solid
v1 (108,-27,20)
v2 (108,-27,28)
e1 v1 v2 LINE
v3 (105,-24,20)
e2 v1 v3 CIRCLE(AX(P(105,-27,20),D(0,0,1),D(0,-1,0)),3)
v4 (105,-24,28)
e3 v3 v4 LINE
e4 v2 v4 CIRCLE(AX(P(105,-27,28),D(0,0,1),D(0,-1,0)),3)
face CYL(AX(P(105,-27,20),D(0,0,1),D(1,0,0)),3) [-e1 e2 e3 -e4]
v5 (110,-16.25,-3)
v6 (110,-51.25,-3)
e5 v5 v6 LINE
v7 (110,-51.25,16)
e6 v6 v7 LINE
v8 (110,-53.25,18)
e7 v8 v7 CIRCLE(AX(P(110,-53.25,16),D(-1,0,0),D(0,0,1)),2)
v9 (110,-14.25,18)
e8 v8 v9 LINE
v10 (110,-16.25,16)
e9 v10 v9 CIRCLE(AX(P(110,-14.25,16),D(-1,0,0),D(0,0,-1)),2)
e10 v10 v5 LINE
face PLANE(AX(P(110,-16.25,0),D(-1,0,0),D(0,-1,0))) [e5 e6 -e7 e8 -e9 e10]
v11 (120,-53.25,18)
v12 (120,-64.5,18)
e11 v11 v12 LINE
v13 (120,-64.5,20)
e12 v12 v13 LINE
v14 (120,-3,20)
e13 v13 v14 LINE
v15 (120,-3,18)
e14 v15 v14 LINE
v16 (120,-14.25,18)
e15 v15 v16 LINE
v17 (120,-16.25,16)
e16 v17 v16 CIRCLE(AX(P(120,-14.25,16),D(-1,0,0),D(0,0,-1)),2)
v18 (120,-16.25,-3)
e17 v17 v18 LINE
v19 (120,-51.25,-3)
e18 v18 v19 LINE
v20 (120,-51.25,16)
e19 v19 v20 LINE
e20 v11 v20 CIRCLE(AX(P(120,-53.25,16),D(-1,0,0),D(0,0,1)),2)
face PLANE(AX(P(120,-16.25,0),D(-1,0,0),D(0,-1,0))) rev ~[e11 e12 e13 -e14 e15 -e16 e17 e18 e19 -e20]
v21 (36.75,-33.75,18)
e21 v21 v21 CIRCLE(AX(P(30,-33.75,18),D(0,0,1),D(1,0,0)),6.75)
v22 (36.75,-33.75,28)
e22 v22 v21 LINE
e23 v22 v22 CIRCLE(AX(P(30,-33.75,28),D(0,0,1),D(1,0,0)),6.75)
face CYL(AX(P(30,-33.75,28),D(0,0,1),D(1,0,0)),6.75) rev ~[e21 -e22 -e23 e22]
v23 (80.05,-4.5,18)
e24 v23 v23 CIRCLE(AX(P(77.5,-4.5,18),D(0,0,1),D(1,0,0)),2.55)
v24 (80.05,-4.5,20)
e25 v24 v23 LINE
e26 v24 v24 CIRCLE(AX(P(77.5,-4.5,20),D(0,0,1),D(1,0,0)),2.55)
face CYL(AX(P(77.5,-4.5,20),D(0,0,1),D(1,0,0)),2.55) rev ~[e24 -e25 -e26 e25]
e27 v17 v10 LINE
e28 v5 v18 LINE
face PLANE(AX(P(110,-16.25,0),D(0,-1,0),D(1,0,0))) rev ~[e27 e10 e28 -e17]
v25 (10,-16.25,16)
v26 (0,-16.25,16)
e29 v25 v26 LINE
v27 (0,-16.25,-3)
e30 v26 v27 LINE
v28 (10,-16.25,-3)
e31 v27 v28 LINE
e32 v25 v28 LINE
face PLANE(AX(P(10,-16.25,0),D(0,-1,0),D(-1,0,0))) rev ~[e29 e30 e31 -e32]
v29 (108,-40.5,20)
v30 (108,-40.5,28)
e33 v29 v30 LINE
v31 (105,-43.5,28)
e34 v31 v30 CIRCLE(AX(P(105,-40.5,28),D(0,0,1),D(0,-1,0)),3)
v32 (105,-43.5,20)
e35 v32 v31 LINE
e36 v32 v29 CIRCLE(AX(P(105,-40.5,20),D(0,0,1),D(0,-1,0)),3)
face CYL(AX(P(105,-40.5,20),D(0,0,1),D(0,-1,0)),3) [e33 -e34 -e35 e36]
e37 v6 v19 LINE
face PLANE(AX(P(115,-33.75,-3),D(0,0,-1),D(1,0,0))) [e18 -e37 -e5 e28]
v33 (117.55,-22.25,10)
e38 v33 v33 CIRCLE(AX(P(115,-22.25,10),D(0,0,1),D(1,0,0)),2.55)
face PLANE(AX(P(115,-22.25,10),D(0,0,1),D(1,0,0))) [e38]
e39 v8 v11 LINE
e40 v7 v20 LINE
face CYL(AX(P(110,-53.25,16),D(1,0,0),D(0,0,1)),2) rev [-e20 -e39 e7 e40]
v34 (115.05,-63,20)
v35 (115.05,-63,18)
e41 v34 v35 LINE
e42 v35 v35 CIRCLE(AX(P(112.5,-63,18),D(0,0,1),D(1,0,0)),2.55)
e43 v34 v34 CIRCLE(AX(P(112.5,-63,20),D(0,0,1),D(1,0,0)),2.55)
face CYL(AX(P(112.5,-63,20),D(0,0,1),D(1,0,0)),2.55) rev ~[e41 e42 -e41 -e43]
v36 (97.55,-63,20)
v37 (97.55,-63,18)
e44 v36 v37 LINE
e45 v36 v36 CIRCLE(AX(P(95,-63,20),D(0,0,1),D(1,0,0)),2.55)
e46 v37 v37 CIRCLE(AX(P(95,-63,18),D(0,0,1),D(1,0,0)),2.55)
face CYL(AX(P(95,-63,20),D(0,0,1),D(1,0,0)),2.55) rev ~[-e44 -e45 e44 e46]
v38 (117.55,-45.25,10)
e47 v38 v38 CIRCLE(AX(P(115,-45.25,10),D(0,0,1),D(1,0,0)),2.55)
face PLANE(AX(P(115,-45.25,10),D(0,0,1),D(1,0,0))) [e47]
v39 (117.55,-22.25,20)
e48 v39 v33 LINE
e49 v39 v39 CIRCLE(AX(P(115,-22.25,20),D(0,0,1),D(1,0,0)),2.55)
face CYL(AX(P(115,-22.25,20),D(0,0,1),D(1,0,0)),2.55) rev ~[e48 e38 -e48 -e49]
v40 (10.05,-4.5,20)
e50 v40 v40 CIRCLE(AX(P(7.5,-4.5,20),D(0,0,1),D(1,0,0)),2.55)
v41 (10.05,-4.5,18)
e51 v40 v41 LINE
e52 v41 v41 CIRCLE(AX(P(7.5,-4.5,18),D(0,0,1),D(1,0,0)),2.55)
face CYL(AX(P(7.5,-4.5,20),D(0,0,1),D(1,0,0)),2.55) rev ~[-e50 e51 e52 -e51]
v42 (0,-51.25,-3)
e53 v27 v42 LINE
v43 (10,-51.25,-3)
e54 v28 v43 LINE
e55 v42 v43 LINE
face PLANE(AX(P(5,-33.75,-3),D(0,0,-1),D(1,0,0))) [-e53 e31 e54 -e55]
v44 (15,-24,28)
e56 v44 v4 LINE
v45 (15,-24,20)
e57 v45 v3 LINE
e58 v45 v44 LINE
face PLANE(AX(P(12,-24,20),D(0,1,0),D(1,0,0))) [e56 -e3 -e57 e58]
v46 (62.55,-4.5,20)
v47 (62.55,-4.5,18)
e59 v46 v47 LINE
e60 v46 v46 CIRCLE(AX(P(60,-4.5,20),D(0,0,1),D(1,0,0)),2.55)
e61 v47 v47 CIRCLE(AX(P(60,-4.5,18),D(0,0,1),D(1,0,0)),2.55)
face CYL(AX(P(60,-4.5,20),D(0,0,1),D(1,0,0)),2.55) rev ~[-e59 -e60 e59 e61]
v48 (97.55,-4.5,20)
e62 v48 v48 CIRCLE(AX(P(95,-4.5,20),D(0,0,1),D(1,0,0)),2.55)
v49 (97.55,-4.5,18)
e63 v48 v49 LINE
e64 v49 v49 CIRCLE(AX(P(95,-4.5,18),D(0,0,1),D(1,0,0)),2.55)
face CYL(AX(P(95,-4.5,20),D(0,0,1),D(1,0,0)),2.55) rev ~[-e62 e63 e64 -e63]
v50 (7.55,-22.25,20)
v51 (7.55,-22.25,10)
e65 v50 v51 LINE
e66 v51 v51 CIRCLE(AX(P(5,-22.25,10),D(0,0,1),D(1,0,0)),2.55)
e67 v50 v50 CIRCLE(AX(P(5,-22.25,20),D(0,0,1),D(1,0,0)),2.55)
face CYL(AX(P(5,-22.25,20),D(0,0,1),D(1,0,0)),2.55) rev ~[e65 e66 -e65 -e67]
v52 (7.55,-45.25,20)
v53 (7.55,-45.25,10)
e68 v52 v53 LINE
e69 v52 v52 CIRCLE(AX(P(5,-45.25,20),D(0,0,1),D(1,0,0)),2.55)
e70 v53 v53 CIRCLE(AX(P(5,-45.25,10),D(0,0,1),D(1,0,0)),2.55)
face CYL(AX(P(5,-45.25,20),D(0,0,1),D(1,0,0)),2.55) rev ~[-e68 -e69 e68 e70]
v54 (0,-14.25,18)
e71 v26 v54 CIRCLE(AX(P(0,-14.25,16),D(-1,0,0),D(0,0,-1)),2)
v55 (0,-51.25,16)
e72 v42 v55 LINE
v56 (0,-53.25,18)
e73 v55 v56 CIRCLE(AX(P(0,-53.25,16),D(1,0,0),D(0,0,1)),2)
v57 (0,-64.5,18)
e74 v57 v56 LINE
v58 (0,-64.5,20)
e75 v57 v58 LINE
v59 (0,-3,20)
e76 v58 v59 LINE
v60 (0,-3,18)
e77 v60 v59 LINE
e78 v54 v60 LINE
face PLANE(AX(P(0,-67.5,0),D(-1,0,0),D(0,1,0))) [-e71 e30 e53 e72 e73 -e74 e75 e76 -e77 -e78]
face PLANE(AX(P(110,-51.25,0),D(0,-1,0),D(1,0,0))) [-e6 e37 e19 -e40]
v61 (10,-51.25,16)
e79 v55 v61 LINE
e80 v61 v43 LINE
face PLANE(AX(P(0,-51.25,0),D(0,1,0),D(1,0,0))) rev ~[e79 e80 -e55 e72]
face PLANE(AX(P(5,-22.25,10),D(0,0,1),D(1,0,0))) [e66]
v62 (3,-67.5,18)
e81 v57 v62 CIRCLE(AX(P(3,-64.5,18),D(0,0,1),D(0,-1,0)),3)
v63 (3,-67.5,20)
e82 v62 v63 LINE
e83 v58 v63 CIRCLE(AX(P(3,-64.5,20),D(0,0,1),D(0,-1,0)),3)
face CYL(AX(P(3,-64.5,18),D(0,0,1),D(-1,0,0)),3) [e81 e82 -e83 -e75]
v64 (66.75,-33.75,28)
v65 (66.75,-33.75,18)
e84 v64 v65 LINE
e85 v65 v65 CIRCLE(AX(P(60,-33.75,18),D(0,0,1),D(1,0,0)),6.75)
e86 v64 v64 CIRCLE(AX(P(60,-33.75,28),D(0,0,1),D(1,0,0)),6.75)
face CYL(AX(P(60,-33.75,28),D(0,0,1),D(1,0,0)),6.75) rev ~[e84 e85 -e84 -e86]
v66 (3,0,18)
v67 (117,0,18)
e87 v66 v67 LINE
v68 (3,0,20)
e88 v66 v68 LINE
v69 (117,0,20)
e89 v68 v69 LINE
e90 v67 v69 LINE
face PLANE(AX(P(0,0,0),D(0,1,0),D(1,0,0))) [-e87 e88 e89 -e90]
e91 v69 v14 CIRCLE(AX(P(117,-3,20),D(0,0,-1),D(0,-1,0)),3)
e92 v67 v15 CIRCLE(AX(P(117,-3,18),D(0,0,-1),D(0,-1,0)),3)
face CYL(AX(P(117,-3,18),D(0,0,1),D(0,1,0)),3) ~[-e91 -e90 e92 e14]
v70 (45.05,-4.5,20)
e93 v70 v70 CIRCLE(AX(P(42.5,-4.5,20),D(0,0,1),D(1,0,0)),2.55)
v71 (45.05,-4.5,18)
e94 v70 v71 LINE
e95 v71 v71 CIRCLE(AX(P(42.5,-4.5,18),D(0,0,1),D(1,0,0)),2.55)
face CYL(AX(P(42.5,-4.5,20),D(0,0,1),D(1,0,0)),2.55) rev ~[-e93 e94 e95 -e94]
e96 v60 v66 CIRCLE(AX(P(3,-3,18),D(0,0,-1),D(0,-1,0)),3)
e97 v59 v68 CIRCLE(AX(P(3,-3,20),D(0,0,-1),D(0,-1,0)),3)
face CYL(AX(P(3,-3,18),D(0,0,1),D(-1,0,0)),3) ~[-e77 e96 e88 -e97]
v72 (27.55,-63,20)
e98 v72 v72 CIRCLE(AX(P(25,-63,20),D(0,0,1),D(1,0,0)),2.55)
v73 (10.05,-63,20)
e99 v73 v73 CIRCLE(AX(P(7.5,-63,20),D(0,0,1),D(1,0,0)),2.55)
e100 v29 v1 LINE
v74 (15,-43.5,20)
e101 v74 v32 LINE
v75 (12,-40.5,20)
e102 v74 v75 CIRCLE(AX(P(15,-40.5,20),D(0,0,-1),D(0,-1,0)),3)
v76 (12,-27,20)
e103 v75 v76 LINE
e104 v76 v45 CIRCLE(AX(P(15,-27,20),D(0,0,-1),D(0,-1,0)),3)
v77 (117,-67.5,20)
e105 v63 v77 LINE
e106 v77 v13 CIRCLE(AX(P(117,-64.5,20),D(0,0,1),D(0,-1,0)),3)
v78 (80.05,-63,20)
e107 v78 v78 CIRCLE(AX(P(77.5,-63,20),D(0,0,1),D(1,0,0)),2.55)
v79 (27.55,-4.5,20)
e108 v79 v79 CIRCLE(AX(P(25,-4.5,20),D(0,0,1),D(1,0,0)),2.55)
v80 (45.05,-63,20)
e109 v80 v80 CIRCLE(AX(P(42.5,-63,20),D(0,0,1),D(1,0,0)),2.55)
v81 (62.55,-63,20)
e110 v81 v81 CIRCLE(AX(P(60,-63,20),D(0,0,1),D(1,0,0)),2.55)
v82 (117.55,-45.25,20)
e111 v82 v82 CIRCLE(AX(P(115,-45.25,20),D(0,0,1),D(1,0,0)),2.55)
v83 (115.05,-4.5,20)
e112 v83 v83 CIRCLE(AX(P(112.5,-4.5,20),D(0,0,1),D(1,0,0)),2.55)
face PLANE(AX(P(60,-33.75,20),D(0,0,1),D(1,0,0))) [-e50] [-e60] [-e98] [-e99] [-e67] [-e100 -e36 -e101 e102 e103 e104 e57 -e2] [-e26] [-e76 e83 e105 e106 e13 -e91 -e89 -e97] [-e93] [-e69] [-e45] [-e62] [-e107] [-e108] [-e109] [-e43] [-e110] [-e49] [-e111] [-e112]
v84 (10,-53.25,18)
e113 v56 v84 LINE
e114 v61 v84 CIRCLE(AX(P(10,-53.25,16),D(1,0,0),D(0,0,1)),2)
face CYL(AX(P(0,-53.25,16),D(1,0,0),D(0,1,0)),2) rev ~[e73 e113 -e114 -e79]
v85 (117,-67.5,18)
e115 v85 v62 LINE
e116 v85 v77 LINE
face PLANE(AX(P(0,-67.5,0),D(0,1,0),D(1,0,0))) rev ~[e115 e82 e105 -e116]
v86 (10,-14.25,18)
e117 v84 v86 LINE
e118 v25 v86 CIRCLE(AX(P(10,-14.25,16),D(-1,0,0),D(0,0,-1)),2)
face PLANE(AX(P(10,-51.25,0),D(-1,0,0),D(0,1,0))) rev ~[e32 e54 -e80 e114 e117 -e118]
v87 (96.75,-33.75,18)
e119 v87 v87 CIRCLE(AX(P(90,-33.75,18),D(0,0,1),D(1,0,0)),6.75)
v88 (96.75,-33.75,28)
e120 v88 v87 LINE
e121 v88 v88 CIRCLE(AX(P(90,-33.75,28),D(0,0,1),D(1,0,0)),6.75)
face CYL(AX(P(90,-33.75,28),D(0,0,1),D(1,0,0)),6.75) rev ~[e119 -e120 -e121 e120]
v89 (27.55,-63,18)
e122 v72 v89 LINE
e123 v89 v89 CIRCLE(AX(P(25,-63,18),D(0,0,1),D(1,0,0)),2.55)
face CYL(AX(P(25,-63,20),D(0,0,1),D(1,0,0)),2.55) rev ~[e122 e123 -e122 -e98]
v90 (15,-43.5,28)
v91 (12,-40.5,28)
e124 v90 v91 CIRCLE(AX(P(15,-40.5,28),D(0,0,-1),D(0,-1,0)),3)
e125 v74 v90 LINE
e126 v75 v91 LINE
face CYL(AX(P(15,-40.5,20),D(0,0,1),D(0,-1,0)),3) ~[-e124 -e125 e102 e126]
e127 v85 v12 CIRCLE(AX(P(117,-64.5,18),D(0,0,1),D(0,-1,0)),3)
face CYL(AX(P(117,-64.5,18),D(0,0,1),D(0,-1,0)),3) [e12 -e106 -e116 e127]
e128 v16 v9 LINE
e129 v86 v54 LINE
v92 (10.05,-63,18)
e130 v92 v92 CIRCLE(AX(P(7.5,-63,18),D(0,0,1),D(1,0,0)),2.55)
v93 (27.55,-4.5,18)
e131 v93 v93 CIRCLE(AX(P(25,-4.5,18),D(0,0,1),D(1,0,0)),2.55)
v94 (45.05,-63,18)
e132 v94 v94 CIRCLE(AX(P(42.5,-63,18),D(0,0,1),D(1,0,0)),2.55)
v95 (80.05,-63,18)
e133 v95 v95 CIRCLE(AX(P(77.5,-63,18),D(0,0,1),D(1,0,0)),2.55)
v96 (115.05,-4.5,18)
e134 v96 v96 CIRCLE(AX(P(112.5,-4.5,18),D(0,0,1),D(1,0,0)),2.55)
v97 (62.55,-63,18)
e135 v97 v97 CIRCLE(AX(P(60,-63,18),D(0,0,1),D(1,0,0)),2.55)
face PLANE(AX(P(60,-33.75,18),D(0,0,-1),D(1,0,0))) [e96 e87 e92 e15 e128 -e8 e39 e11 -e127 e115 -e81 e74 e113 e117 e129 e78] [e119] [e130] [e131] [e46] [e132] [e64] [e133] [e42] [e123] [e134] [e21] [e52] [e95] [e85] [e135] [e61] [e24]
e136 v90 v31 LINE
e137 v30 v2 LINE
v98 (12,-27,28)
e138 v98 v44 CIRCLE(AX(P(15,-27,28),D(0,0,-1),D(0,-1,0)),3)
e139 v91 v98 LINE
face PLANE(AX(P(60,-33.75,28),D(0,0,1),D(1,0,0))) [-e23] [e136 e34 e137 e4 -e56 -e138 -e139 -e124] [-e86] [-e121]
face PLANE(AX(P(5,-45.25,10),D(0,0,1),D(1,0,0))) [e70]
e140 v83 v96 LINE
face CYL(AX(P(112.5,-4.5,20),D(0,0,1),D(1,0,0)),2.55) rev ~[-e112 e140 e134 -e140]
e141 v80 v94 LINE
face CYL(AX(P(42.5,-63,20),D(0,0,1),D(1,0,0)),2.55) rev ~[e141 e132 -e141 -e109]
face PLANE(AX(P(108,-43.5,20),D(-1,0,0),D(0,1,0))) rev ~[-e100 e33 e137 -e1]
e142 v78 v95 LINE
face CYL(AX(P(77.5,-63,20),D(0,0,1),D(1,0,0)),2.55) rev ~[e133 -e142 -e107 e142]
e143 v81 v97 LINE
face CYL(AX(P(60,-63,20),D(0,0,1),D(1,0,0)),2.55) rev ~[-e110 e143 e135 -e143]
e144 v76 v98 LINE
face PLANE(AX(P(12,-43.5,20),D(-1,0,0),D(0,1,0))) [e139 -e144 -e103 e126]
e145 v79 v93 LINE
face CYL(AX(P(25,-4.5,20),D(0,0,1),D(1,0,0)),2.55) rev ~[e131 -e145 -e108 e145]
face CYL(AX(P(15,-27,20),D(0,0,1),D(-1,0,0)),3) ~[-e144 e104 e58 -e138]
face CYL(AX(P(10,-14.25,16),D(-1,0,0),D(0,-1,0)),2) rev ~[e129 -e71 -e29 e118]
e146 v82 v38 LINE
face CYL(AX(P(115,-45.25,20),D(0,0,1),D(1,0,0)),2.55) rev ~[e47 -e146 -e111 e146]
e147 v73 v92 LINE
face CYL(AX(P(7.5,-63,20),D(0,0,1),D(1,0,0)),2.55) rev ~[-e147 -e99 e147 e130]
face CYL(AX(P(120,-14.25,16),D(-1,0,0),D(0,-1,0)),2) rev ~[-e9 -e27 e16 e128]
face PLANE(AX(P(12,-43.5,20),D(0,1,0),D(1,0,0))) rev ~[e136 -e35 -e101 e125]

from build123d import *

# Parameters (mm, degrees)
F0_W      = 120
F0_H      = 67.5
F1_DEPTH  = 20
F2_W      = 96
F2_H      = 19.5
F3_DEPTH  = 8
F4_R      = 6.75
F5_DEPTH  = 25
F7_DEPTH  = 18
F8_R      = 2.55
F9_DEPTH  = 25
F10_R     = 3
F11_R     = 3
F12_W     = 10
F12_H     = 35
F13_DEPTH = 3
F14_R     = 2
F15_R     = 2.55
F16_DEPTH = 10


with BuildPart() as f1:
    # F0 (on Top) → F1 (new body)
    with BuildSketch(Plane.XY):
        with Locations((60, -33.75)):
            Rectangle(F0_W, F0_H)
    extrude(amount=F1_DEPTH)

    # F2 (on face) → F3 (join)
    with BuildSketch(Plane.XY.offset(20)):
        with Locations((60, -33.75)):
            Rectangle(F2_W, F2_H)
    extrude(amount=F3_DEPTH)

    # F4 (on face) → F5 (cut)
    with BuildSketch(Plane.XY.offset(28)):
        with Locations((60, -33.75)):
            Circle(F4_R)
        with Locations((30, -33.75)):
            Circle(F4_R)
        with Locations((90, -33.75)):
            Circle(F4_R)
    extrude(amount=-F5_DEPTH, mode=Mode.SUBTRACT)

    # F6 (on face) → F7 (cut)
    with BuildSketch(Plane(origin=(0, 0, 0), x_dir=(1, 0, 0), z_dir=(0, 0, -1))):
        Polygon((10, 0), (110, 0), (120, 0), (120, 16.25), (110, 16.25), (110, 51.25), (120, 51.25), (120, 67.5), (110, 67.5), (10, 67.5), (0, 67.5), (0, 51.25), (10, 51.25), (10, 16.25), (0, 16.25), (0, 0), align=None)
    extrude(amount=-F7_DEPTH, mode=Mode.SUBTRACT)

    # F8 (on face) → F9 (cut)
    with BuildSketch(Plane.XY.offset(20)):
        with Locations((7.5, -4.5)):
            Circle(F8_R)
        with Locations((7.5, -63)):
            Circle(F8_R)
        with Locations((25, -4.5)):
            Circle(F8_R)
        with Locations((25, -63)):
            Circle(F8_R)
        with Locations((42.5, -4.5)):
            Circle(F8_R)
        with Locations((42.5, -63)):
            Circle(F8_R)
        with Locations((60, -4.5)):
            Circle(F8_R)
        with Locations((60, -63)):
            Circle(F8_R)
        with Locations((77.5, -4.5)):
            Circle(F8_R)
        with Locations((77.5, -63)):
            Circle(F8_R)
        with Locations((95, -4.5)):
            Circle(F8_R)
        with Locations((95, -63)):
            Circle(F8_R)
        with Locations((112.5, -4.5)):
            Circle(F8_R)
        with Locations((112.5, -63)):
            Circle(F8_R)
    extrude(amount=-F9_DEPTH, mode=Mode.SUBTRACT)

    # F10
    f10_edges = [f1.edges().sort_by_distance(p)[0] for p in [
        (108, -43.5, 24),
        (108, -24, 24),
        (12, -24, 24),
        (12, -43.5, 24),
    ]]
    fillet(f10_edges, radius=F10_R)

    # F11
    f11_edges = [f1.edges().sort_by_distance(p)[0] for p in [
        (120, 0, 19),
        (120, -67.5, 19),
        (0, 0, 19),
        (0, -67.5, 19),
    ]]
    fillet(f11_edges, radius=F11_R)

    # F12 (on face) → F13 (join)
    with BuildSketch(Plane(origin=(0, 0, 0), x_dir=(1, 0, 0), z_dir=(0, 0, -1))):
        with Locations((115, 33.75)):
            Rectangle(F12_W, F12_H)
        with Locations((5, 33.75)):
            Rectangle(F12_W, F12_H)
    extrude(amount=F13_DEPTH)

    # F14
    f14_edges = [f1.edges().sort_by_distance(p)[0] for p in [
        (115, -51.25, 18),
        (115, -16.25, 18),
        (5, -16.25, 18),
        (5, -51.25, 18),
    ]]
    fillet(f14_edges, radius=F14_R)

    # F15 (on face) → F16 (cut)
    with BuildSketch(Plane.XY.offset(20)):
        with Locations((115, -22.25)):
            Circle(F15_R)
        with Locations((115, -45.25)):
            Circle(F15_R)
        with Locations((5, -45.25)):
            Circle(F15_R)
        with Locations((5, -22.25)):
            Circle(F15_R)
    extrude(amount=-F16_DEPTH, mode=Mode.SUBTRACT)


solid = f1.part
